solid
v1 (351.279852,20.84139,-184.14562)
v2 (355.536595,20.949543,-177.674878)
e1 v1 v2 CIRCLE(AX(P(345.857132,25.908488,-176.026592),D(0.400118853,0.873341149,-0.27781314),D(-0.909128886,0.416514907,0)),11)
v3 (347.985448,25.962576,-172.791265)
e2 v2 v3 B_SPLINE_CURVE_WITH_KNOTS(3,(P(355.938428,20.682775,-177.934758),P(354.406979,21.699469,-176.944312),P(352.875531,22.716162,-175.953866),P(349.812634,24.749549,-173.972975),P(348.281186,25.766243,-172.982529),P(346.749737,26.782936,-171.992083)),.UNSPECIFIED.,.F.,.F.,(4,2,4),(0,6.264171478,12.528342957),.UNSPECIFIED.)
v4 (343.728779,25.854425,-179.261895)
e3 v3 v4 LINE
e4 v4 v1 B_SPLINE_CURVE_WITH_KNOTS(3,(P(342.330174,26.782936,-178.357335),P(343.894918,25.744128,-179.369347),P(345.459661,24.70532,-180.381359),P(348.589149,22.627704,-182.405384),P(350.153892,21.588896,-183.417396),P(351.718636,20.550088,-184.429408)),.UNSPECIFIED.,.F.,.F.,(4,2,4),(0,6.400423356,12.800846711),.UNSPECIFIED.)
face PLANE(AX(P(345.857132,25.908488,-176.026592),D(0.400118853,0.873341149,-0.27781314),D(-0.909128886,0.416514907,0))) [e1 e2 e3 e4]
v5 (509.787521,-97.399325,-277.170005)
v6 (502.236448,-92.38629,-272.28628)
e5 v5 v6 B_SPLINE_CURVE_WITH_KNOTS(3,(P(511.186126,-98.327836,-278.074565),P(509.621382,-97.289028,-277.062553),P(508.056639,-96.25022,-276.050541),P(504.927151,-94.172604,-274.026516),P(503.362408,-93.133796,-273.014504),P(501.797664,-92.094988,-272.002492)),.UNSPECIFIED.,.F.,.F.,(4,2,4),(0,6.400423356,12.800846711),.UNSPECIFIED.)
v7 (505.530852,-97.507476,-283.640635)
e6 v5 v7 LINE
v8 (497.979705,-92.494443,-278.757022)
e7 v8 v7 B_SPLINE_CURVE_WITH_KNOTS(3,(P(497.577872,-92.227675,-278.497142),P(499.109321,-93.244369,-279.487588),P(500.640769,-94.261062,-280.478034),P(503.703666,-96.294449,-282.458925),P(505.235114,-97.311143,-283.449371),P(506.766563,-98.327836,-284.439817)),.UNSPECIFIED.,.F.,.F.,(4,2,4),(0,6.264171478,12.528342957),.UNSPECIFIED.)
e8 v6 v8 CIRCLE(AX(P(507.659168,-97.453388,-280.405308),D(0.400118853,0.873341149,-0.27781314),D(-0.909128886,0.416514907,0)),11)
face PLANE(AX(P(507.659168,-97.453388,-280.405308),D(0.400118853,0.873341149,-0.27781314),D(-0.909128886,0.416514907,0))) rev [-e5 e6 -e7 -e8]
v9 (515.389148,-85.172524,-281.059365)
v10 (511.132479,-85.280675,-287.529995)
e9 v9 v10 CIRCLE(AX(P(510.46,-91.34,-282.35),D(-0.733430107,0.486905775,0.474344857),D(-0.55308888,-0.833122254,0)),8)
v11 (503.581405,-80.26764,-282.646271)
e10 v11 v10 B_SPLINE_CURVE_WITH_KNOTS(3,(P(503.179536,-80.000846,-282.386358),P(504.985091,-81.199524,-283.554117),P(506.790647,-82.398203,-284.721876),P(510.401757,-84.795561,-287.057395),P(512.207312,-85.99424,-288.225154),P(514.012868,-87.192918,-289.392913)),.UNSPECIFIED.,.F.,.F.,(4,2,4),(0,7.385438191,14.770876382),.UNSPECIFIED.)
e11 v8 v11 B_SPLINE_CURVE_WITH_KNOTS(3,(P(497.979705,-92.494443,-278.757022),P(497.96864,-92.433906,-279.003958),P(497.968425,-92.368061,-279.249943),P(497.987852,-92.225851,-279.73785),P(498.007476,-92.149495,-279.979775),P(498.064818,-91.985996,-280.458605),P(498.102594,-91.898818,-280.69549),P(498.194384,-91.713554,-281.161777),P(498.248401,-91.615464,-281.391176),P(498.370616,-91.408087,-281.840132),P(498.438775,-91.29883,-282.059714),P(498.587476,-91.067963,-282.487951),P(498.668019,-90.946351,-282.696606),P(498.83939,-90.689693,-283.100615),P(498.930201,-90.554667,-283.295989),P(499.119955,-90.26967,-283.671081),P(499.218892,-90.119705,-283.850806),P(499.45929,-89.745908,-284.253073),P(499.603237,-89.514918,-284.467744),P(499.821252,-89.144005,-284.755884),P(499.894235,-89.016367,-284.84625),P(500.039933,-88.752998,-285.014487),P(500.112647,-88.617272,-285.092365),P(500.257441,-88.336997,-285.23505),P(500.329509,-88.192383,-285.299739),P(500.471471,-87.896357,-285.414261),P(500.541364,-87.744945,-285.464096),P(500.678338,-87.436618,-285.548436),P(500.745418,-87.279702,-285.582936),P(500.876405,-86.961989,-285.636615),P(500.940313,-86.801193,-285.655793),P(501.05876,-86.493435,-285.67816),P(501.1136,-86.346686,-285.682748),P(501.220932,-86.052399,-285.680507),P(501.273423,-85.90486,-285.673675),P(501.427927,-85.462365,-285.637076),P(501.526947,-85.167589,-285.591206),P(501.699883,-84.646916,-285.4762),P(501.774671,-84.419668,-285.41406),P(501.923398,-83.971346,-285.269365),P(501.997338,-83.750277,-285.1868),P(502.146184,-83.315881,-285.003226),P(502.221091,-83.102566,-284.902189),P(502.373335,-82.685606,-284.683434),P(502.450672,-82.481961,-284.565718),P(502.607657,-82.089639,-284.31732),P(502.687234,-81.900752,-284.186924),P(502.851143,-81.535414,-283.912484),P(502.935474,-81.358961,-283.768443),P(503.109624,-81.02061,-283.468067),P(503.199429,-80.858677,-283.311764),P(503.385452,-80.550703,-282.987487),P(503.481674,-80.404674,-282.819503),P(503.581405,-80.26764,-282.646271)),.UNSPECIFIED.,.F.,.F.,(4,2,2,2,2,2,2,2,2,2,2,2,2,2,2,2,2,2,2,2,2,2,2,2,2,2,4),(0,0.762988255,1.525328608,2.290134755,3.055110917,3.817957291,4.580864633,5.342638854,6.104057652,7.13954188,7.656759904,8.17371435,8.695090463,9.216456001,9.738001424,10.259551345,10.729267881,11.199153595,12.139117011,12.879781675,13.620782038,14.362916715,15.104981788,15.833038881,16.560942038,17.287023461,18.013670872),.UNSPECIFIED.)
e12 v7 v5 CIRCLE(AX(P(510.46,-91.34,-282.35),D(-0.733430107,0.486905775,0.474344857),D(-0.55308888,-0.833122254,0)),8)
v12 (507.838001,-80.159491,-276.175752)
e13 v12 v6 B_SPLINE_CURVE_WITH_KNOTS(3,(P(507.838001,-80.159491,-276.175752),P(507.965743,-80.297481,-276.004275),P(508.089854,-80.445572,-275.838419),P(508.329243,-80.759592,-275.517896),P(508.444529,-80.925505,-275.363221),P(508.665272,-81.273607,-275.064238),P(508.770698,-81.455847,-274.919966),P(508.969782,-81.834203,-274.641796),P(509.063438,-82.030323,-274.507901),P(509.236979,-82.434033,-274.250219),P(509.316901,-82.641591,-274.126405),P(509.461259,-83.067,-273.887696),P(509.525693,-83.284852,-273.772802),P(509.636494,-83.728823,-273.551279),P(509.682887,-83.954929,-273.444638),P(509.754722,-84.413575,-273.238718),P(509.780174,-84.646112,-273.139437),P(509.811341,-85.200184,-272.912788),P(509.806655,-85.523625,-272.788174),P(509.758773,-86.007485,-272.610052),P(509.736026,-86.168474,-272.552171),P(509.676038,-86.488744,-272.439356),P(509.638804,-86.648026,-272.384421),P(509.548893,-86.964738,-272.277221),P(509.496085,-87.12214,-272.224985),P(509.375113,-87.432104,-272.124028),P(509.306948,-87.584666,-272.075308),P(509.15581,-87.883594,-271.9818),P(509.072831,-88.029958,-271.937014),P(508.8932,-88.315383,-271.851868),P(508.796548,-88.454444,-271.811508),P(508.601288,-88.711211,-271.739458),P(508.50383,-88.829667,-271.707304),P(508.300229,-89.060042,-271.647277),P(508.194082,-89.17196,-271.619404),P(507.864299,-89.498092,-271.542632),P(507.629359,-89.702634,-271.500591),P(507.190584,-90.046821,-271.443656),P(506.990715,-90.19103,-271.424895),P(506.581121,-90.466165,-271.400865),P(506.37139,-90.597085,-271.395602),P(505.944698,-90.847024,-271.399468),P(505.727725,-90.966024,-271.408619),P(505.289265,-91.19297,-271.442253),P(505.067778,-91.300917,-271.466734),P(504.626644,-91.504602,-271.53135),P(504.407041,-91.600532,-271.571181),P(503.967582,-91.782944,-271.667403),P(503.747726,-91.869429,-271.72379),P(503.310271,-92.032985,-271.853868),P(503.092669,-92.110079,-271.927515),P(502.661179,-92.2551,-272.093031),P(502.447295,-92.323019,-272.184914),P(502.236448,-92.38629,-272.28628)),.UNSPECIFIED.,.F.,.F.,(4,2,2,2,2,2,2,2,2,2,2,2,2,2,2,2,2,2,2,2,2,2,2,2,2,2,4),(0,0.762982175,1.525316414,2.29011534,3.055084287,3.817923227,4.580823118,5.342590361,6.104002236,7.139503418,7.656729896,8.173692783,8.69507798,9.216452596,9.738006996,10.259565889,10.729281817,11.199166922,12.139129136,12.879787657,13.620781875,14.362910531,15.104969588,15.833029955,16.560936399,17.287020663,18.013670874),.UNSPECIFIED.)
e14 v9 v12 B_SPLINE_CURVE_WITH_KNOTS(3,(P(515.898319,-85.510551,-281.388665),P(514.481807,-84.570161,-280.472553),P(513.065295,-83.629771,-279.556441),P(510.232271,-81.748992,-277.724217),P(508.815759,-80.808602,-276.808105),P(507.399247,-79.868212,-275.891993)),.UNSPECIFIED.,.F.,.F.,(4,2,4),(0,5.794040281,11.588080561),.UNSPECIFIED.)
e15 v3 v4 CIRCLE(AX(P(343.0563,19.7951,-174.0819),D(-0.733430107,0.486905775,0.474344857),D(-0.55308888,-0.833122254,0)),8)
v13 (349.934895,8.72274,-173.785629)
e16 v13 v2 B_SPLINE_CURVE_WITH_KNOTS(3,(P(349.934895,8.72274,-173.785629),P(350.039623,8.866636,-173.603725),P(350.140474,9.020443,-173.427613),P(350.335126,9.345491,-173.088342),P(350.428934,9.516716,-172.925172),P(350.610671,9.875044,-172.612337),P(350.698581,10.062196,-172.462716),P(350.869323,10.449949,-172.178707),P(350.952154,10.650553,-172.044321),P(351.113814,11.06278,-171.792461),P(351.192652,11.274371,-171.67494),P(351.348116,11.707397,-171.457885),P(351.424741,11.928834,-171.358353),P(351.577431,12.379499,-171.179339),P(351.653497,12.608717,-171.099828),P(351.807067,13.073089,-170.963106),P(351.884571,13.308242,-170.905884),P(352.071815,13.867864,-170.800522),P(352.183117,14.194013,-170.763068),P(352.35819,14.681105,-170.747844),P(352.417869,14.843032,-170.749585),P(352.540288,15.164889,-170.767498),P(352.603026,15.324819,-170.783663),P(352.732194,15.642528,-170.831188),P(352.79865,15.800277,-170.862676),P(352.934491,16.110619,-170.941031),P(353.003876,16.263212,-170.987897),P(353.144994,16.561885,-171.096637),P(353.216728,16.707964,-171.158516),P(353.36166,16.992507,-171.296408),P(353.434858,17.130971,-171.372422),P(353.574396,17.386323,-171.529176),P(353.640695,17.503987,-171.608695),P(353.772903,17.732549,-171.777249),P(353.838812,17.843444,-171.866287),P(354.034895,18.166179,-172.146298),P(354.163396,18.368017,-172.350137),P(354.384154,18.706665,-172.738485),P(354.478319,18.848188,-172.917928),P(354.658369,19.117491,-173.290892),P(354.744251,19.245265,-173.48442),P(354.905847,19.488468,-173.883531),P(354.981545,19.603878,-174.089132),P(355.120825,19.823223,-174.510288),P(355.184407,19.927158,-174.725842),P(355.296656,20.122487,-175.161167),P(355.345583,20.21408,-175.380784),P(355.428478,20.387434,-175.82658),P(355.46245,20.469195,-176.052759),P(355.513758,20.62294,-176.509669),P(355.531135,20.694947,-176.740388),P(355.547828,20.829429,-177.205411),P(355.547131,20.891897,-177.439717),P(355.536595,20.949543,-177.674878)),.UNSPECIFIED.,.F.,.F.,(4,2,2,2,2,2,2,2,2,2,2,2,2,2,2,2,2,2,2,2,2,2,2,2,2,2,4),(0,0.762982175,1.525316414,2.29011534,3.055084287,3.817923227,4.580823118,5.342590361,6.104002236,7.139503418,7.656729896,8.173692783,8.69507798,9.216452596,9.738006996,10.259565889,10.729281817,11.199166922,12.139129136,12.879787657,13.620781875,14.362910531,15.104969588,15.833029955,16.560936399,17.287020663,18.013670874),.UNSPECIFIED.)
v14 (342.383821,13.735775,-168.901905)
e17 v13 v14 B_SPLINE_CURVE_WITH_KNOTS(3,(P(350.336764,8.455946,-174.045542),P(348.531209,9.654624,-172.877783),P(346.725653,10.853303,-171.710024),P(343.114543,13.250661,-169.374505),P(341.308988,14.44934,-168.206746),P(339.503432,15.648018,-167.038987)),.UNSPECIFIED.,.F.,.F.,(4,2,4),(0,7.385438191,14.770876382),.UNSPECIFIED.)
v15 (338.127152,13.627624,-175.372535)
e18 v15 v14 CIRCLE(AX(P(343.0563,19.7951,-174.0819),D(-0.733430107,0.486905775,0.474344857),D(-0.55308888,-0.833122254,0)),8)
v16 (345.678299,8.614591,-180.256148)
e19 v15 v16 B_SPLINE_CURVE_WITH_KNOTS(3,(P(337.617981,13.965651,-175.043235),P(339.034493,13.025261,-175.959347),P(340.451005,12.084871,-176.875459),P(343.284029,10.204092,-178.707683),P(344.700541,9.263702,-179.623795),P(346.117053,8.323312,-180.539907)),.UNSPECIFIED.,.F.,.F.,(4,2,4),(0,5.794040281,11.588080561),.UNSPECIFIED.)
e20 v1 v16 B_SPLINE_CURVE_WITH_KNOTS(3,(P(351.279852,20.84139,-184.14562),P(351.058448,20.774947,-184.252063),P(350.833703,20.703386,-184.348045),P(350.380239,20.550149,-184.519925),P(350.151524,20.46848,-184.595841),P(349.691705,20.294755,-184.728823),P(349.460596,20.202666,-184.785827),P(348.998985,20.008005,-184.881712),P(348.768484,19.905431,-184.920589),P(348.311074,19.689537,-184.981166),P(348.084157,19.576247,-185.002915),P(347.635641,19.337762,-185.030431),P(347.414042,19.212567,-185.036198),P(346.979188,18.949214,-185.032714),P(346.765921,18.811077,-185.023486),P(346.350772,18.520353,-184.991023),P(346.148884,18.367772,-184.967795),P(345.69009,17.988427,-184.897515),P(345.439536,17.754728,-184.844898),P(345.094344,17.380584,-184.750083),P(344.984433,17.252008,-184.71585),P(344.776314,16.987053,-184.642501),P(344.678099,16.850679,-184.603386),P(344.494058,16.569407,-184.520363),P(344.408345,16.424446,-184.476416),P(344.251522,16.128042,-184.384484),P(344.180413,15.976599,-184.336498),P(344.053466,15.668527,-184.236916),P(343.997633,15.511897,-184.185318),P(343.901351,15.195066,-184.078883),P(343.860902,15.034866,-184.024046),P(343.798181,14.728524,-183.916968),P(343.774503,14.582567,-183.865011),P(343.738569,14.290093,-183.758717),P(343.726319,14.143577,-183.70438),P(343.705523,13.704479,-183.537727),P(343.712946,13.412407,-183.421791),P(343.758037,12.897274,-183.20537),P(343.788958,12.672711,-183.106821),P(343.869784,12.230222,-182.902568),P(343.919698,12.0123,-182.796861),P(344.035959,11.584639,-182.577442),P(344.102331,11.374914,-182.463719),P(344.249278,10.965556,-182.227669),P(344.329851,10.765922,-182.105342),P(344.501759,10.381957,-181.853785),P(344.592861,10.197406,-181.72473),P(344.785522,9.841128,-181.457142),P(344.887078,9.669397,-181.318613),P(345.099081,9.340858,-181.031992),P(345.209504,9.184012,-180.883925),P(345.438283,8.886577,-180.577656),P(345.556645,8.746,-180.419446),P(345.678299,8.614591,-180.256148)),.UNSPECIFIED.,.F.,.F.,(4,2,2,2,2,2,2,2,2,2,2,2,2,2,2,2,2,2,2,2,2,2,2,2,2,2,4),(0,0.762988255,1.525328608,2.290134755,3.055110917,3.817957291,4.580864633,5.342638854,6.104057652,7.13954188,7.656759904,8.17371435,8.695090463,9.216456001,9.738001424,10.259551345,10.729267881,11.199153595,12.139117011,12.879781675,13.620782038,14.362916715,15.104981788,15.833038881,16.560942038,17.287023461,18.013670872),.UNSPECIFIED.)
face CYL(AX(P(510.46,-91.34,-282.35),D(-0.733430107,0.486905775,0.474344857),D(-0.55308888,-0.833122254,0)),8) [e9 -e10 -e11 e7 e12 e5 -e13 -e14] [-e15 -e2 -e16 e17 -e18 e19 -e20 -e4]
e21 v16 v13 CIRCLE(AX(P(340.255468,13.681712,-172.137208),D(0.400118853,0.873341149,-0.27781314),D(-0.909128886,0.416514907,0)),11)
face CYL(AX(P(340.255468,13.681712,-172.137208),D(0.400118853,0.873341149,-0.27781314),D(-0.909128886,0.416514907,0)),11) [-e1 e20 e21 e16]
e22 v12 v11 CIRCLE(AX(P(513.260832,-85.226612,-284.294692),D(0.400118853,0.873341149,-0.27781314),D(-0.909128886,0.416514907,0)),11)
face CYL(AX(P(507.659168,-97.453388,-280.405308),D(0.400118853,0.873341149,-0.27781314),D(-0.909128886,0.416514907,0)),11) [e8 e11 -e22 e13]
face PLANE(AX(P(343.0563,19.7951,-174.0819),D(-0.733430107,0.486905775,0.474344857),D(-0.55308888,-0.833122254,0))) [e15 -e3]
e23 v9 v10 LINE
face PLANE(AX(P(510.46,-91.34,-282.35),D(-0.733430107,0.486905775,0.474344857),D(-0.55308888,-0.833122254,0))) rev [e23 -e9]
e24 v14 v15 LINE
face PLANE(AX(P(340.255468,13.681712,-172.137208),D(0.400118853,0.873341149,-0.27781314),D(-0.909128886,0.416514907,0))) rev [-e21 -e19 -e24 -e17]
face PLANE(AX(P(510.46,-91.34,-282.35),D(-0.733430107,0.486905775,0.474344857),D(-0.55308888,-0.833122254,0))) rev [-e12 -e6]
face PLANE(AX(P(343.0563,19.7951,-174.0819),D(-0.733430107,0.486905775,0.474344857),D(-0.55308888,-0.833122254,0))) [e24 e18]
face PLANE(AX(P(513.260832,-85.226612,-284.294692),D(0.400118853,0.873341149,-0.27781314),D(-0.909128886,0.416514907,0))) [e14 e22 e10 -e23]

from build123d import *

# Parameters (mm, degrees)
SUSP_FR_PULLROD_PROFILE_R                = 8
SUSP_FR_PULLROD_ROD_END_MOUNT_PROFILE_R  = 11
SUSP_FR_PULLROD_ROD_END_ROCKER_PROFILE_R = 11


with BuildPart() as part:
    # SUSP_FR_pullrod: sweep along a curve in space
    with BuildLine() as susp_fr_pullrod_path:
        Line((510.46, -91.34, -282.35), (343.0563, 19.7951, -174.0819))
    # SUSP_FR_pullrod profile (on start of the path) → SUSP_FR_pullrod (sweep)
    with BuildSketch(Plane(origin=(510.46, -91.34, -282.35), x_dir=(-0.5530888804852541, -0.8331222541041432, 0), z_dir=(-0.73343010732889, 0.48690577520692124, 0.47434485739141324))):
        Circle(SUSP_FR_PULLROD_PROFILE_R)
    sweep(path=susp_fr_pullrod_path.line)

    # SUSP_FR_pullrod_rod_end_mount: sweep along a curve in space
    with BuildLine() as susp_fr_pullrod_rod_end_mount_path:
        Line((507.659168, -97.4533881, -280.405308), (513.260832, -85.2266119, -284.294692))
    # SUSP_FR_pullrod_rod_end_mount profile (on start of the path) → SUSP_FR_pullrod_rod_end_mount (sweep)
    with BuildSketch(Plane(origin=(507.659168, -97.4533881, -280.405308), x_dir=(0.9091288863966713, -0.4165149071991883, 0), z_dir=(0.4001188533527077, 0.8733411488700952, -0.27781314022554215))):
        Circle(SUSP_FR_PULLROD_ROD_END_MOUNT_PROFILE_R)
    sweep(path=susp_fr_pullrod_rod_end_mount_path.line)

    # SUSP_FR_pullrod_rod_end_rocker: sweep along a curve in space
    with BuildLine() as susp_fr_pullrod_rod_end_rocker_path:
        Line((340.255468, 13.6817119, -172.137208), (345.857132, 25.9084881, -176.026592))
    # SUSP_FR_pullrod_rod_end_rocker profile (on start of the path) → SUSP_FR_pullrod_rod_end_rocker (sweep)
    with BuildSketch(Plane(origin=(340.255468, 13.6817119, -172.137208), x_dir=(0.9091288863966681, -0.41651490719919537, 0), z_dir=(0.40011885335271413, 0.8733411488700913, -0.2778131402255451))):
        Circle(SUSP_FR_PULLROD_ROD_END_ROCKER_PROFILE_R)
    sweep(path=susp_fr_pullrod_rod_end_rocker_path.line)


solid = part.part
